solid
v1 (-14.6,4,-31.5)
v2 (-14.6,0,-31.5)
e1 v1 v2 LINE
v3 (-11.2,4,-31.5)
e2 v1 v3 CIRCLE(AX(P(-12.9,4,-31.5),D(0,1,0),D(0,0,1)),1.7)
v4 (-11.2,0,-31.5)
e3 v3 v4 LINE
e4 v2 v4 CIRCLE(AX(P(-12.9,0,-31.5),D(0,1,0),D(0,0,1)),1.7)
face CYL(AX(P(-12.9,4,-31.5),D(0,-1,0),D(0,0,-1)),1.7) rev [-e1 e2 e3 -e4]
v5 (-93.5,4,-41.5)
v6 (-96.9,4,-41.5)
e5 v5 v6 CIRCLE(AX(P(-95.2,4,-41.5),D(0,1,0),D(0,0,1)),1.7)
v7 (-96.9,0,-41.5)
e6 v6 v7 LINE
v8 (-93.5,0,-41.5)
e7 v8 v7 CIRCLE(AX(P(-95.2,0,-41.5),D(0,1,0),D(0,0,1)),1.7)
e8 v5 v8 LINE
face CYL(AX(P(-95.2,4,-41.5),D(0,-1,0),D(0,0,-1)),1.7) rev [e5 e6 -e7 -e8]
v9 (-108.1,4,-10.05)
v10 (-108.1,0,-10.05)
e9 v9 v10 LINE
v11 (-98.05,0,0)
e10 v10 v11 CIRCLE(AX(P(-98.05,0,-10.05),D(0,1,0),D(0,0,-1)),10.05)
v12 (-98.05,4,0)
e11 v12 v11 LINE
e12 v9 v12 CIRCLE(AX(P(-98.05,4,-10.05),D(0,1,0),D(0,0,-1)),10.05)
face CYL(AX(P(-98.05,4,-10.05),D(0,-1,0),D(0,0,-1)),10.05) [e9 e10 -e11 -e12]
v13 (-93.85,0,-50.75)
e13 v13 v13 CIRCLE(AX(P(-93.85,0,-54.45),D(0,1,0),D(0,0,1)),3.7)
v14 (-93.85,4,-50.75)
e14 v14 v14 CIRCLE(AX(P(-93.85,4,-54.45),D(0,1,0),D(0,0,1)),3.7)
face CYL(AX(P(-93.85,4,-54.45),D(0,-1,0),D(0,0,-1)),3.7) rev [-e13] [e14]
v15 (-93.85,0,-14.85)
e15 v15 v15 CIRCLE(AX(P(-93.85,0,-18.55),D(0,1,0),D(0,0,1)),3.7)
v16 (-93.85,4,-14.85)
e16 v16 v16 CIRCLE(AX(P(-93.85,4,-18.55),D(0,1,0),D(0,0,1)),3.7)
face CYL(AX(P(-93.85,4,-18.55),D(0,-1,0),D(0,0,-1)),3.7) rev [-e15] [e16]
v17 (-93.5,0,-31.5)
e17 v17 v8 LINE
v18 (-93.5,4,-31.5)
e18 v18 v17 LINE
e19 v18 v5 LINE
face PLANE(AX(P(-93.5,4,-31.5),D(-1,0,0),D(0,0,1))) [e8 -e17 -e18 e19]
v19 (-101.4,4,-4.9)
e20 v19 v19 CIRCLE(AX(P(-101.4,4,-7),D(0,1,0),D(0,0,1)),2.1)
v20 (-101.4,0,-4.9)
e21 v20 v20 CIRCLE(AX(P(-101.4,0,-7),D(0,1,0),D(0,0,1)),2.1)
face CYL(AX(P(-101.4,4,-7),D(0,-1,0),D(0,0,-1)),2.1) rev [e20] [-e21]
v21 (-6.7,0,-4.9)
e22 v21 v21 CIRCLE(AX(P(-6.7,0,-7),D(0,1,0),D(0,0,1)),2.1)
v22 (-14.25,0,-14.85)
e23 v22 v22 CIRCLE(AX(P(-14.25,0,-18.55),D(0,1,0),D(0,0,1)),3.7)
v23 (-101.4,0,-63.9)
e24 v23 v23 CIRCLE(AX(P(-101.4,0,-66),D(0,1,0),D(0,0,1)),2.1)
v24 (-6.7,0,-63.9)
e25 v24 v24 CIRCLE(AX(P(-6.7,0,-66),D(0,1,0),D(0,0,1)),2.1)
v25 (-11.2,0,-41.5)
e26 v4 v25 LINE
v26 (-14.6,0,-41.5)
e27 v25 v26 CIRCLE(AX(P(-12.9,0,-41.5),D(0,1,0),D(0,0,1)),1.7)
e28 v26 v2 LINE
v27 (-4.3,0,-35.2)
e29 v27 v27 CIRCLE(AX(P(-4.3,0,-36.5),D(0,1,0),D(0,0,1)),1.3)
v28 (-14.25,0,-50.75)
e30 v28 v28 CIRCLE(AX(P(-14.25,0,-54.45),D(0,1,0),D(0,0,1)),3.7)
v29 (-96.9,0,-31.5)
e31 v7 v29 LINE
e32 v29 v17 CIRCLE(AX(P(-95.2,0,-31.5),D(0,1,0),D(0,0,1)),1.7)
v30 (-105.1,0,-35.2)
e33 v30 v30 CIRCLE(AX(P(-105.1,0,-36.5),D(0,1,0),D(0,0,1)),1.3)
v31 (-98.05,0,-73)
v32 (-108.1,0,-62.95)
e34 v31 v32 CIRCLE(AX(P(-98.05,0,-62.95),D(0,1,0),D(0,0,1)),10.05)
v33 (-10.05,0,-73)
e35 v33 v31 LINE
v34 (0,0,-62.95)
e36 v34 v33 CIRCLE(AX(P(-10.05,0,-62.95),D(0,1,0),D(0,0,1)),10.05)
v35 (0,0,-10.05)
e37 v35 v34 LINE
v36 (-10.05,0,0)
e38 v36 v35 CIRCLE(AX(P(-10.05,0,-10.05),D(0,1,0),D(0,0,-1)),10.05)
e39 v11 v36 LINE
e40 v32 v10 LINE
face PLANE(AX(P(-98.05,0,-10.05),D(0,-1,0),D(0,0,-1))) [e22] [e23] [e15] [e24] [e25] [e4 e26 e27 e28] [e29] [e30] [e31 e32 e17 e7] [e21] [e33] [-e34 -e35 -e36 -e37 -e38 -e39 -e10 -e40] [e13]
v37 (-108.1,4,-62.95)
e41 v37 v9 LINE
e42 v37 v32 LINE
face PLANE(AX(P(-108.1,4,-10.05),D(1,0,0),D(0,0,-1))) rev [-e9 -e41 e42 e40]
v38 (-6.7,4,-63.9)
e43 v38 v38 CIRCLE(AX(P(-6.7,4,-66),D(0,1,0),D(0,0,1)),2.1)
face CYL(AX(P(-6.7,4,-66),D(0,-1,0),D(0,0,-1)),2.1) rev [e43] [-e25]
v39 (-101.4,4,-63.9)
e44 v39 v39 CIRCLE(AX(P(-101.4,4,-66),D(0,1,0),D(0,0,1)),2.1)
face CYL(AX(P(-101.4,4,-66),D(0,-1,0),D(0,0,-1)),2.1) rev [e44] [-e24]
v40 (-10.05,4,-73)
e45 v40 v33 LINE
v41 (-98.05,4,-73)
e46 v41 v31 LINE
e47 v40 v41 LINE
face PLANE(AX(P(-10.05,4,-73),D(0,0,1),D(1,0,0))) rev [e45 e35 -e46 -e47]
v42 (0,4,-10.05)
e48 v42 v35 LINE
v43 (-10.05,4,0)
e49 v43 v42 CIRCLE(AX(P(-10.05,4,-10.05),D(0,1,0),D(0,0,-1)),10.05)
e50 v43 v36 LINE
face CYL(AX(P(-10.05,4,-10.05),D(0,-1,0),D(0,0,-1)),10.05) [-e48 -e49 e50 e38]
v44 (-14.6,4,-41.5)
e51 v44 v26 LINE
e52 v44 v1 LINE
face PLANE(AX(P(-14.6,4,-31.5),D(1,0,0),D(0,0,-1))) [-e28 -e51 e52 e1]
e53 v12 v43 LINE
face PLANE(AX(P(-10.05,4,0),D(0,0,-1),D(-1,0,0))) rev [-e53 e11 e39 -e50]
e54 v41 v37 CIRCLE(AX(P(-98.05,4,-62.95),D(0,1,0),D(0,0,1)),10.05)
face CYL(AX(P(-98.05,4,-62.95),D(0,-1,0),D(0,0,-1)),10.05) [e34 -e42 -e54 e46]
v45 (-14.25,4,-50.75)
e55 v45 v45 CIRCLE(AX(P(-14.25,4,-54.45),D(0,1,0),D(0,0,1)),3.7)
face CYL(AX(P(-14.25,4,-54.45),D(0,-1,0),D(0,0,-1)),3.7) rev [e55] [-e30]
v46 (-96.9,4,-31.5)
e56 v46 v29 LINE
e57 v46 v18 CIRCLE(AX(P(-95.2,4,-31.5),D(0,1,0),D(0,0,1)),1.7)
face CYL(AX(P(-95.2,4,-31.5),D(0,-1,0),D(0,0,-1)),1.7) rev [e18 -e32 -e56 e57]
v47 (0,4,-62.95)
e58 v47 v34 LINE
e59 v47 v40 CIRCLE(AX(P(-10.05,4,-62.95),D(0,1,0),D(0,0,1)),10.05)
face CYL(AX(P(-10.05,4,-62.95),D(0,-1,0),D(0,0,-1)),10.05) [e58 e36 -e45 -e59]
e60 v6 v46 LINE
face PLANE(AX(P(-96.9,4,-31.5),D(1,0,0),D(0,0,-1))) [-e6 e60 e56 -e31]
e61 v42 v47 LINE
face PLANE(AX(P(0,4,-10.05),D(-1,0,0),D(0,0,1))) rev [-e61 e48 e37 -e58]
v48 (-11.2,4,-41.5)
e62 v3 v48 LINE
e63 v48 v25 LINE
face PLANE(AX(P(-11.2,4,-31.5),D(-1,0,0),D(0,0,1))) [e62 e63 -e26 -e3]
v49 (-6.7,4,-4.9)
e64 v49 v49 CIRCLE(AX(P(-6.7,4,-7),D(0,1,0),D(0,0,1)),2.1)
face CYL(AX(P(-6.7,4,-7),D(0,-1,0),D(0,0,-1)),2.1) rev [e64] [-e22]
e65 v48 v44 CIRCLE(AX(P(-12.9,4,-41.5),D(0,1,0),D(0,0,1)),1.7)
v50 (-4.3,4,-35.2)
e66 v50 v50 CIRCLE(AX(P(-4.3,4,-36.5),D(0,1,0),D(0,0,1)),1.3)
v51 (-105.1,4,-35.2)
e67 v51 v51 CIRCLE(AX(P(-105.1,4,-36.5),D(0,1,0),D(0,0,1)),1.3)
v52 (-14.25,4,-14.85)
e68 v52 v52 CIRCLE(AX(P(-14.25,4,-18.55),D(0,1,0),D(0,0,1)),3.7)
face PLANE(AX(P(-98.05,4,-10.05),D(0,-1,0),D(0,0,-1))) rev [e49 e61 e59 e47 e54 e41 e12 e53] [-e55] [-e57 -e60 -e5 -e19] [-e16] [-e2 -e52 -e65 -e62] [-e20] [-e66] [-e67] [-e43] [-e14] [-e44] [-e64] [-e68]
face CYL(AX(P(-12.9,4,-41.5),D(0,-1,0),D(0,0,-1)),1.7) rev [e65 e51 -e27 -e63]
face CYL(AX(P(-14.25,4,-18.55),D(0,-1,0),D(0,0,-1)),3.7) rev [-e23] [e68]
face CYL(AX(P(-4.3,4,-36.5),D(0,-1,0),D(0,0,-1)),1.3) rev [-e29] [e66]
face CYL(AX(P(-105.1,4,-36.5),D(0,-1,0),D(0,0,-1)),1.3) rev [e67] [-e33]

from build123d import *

# Parameters (mm, degrees)
SCHIZZO1_R                   = 2.1
SCHIZZO1_R_2                 = 3.7
SCHIZZO1_R_3                 = 1.3
ESTRUSIONE_ESTRUSIONE1_DEPTH = 4


with BuildPart() as part:
    # Schizzo1 → Estrusione-Estrusione1 (new body)
    with BuildSketch(Plane(origin=(0, 0, 0), x_dir=(1, 0, 0), z_dir=(0, 1, 0))):
        with BuildLine():
            Line((-10.05, 0), (-98.05, 0))
            ThreePointArc((-98.05, 0), (-105.156423151, 2.943576849), (-108.1, 10.05))
            Line((-108.1, 10.05), (-108.1, 62.95))
            ThreePointArc((-108.1, 62.95), (-105.156423151, 70.056423151), (-98.05, 73))
            Line((-98.05, 73), (-10.05, 73))
            ThreePointArc((-10.05, 73), (-2.943576849, 70.056423151), (0, 62.95))
            Line((0, 62.95), (0, 10.05))
            ThreePointArc((0, 10.05), (-2.943576849, 2.943576849), (-10.05, 0))
        make_face()
        with Locations(Location((-6.7, 66, 0), (0, 0, 270))):
            Circle(SCHIZZO1_R, mode=Mode.SUBTRACT)
        with Locations(Location((-6.7, 7, 0), (0, 0, 270))):
            Circle(SCHIZZO1_R, mode=Mode.SUBTRACT)
        with Locations(Location((-101.4, 66, 0), (0, 0, 270))):
            Circle(SCHIZZO1_R, mode=Mode.SUBTRACT)
        with Locations(Location((-101.4, 7, 0), (0, 0, 270))):
            Circle(SCHIZZO1_R, mode=Mode.SUBTRACT)
        with Locations(Location((-93.85, 54.45, 0), (0, 0, 270))):
            Circle(SCHIZZO1_R_2, mode=Mode.SUBTRACT)
        with Locations(Location((-93.85, 18.55, 0), (0, 0, 270))):
            Circle(SCHIZZO1_R_2, mode=Mode.SUBTRACT)
        with Locations(Location((-14.25, 18.55, 0), (0, 0, 270))):
            Circle(SCHIZZO1_R_2, mode=Mode.SUBTRACT)
        with Locations(Location((-14.25, 54.45, 0), (0, 0, 270))):
            Circle(SCHIZZO1_R_2, mode=Mode.SUBTRACT)
        with Locations(Location((-4.3, 36.5, 0), (0, 0, 270))):
            Circle(SCHIZZO1_R_3, mode=Mode.SUBTRACT)
        with Locations(Location((-105.1, 36.5, 0), (0, 0, 270))):
            Circle(SCHIZZO1_R_3, mode=Mode.SUBTRACT)
        with BuildLine():
            Line((-96.9, 31.5), (-96.9, 41.5))
            ThreePointArc((-96.9, 41.5), (-95.2, 43.2), (-93.5, 41.5))
            Line((-93.5, 41.5), (-93.5, 31.5))
            ThreePointArc((-93.5, 31.5), (-95.2, 29.8), (-96.9, 31.5))
        make_face(mode=Mode.SUBTRACT)
        with BuildLine():
            Line((-14.6, 31.5), (-14.6, 41.5))
            ThreePointArc((-14.6, 41.5), (-12.9, 43.2), (-11.2, 41.5))
            Line((-11.2, 41.5), (-11.2, 31.5))
            ThreePointArc((-11.2, 31.5), (-12.9, 29.8), (-14.6, 31.5))
        make_face(mode=Mode.SUBTRACT)
    extrude(amount=ESTRUSIONE_ESTRUSIONE1_DEPTH)


solid = part.part
